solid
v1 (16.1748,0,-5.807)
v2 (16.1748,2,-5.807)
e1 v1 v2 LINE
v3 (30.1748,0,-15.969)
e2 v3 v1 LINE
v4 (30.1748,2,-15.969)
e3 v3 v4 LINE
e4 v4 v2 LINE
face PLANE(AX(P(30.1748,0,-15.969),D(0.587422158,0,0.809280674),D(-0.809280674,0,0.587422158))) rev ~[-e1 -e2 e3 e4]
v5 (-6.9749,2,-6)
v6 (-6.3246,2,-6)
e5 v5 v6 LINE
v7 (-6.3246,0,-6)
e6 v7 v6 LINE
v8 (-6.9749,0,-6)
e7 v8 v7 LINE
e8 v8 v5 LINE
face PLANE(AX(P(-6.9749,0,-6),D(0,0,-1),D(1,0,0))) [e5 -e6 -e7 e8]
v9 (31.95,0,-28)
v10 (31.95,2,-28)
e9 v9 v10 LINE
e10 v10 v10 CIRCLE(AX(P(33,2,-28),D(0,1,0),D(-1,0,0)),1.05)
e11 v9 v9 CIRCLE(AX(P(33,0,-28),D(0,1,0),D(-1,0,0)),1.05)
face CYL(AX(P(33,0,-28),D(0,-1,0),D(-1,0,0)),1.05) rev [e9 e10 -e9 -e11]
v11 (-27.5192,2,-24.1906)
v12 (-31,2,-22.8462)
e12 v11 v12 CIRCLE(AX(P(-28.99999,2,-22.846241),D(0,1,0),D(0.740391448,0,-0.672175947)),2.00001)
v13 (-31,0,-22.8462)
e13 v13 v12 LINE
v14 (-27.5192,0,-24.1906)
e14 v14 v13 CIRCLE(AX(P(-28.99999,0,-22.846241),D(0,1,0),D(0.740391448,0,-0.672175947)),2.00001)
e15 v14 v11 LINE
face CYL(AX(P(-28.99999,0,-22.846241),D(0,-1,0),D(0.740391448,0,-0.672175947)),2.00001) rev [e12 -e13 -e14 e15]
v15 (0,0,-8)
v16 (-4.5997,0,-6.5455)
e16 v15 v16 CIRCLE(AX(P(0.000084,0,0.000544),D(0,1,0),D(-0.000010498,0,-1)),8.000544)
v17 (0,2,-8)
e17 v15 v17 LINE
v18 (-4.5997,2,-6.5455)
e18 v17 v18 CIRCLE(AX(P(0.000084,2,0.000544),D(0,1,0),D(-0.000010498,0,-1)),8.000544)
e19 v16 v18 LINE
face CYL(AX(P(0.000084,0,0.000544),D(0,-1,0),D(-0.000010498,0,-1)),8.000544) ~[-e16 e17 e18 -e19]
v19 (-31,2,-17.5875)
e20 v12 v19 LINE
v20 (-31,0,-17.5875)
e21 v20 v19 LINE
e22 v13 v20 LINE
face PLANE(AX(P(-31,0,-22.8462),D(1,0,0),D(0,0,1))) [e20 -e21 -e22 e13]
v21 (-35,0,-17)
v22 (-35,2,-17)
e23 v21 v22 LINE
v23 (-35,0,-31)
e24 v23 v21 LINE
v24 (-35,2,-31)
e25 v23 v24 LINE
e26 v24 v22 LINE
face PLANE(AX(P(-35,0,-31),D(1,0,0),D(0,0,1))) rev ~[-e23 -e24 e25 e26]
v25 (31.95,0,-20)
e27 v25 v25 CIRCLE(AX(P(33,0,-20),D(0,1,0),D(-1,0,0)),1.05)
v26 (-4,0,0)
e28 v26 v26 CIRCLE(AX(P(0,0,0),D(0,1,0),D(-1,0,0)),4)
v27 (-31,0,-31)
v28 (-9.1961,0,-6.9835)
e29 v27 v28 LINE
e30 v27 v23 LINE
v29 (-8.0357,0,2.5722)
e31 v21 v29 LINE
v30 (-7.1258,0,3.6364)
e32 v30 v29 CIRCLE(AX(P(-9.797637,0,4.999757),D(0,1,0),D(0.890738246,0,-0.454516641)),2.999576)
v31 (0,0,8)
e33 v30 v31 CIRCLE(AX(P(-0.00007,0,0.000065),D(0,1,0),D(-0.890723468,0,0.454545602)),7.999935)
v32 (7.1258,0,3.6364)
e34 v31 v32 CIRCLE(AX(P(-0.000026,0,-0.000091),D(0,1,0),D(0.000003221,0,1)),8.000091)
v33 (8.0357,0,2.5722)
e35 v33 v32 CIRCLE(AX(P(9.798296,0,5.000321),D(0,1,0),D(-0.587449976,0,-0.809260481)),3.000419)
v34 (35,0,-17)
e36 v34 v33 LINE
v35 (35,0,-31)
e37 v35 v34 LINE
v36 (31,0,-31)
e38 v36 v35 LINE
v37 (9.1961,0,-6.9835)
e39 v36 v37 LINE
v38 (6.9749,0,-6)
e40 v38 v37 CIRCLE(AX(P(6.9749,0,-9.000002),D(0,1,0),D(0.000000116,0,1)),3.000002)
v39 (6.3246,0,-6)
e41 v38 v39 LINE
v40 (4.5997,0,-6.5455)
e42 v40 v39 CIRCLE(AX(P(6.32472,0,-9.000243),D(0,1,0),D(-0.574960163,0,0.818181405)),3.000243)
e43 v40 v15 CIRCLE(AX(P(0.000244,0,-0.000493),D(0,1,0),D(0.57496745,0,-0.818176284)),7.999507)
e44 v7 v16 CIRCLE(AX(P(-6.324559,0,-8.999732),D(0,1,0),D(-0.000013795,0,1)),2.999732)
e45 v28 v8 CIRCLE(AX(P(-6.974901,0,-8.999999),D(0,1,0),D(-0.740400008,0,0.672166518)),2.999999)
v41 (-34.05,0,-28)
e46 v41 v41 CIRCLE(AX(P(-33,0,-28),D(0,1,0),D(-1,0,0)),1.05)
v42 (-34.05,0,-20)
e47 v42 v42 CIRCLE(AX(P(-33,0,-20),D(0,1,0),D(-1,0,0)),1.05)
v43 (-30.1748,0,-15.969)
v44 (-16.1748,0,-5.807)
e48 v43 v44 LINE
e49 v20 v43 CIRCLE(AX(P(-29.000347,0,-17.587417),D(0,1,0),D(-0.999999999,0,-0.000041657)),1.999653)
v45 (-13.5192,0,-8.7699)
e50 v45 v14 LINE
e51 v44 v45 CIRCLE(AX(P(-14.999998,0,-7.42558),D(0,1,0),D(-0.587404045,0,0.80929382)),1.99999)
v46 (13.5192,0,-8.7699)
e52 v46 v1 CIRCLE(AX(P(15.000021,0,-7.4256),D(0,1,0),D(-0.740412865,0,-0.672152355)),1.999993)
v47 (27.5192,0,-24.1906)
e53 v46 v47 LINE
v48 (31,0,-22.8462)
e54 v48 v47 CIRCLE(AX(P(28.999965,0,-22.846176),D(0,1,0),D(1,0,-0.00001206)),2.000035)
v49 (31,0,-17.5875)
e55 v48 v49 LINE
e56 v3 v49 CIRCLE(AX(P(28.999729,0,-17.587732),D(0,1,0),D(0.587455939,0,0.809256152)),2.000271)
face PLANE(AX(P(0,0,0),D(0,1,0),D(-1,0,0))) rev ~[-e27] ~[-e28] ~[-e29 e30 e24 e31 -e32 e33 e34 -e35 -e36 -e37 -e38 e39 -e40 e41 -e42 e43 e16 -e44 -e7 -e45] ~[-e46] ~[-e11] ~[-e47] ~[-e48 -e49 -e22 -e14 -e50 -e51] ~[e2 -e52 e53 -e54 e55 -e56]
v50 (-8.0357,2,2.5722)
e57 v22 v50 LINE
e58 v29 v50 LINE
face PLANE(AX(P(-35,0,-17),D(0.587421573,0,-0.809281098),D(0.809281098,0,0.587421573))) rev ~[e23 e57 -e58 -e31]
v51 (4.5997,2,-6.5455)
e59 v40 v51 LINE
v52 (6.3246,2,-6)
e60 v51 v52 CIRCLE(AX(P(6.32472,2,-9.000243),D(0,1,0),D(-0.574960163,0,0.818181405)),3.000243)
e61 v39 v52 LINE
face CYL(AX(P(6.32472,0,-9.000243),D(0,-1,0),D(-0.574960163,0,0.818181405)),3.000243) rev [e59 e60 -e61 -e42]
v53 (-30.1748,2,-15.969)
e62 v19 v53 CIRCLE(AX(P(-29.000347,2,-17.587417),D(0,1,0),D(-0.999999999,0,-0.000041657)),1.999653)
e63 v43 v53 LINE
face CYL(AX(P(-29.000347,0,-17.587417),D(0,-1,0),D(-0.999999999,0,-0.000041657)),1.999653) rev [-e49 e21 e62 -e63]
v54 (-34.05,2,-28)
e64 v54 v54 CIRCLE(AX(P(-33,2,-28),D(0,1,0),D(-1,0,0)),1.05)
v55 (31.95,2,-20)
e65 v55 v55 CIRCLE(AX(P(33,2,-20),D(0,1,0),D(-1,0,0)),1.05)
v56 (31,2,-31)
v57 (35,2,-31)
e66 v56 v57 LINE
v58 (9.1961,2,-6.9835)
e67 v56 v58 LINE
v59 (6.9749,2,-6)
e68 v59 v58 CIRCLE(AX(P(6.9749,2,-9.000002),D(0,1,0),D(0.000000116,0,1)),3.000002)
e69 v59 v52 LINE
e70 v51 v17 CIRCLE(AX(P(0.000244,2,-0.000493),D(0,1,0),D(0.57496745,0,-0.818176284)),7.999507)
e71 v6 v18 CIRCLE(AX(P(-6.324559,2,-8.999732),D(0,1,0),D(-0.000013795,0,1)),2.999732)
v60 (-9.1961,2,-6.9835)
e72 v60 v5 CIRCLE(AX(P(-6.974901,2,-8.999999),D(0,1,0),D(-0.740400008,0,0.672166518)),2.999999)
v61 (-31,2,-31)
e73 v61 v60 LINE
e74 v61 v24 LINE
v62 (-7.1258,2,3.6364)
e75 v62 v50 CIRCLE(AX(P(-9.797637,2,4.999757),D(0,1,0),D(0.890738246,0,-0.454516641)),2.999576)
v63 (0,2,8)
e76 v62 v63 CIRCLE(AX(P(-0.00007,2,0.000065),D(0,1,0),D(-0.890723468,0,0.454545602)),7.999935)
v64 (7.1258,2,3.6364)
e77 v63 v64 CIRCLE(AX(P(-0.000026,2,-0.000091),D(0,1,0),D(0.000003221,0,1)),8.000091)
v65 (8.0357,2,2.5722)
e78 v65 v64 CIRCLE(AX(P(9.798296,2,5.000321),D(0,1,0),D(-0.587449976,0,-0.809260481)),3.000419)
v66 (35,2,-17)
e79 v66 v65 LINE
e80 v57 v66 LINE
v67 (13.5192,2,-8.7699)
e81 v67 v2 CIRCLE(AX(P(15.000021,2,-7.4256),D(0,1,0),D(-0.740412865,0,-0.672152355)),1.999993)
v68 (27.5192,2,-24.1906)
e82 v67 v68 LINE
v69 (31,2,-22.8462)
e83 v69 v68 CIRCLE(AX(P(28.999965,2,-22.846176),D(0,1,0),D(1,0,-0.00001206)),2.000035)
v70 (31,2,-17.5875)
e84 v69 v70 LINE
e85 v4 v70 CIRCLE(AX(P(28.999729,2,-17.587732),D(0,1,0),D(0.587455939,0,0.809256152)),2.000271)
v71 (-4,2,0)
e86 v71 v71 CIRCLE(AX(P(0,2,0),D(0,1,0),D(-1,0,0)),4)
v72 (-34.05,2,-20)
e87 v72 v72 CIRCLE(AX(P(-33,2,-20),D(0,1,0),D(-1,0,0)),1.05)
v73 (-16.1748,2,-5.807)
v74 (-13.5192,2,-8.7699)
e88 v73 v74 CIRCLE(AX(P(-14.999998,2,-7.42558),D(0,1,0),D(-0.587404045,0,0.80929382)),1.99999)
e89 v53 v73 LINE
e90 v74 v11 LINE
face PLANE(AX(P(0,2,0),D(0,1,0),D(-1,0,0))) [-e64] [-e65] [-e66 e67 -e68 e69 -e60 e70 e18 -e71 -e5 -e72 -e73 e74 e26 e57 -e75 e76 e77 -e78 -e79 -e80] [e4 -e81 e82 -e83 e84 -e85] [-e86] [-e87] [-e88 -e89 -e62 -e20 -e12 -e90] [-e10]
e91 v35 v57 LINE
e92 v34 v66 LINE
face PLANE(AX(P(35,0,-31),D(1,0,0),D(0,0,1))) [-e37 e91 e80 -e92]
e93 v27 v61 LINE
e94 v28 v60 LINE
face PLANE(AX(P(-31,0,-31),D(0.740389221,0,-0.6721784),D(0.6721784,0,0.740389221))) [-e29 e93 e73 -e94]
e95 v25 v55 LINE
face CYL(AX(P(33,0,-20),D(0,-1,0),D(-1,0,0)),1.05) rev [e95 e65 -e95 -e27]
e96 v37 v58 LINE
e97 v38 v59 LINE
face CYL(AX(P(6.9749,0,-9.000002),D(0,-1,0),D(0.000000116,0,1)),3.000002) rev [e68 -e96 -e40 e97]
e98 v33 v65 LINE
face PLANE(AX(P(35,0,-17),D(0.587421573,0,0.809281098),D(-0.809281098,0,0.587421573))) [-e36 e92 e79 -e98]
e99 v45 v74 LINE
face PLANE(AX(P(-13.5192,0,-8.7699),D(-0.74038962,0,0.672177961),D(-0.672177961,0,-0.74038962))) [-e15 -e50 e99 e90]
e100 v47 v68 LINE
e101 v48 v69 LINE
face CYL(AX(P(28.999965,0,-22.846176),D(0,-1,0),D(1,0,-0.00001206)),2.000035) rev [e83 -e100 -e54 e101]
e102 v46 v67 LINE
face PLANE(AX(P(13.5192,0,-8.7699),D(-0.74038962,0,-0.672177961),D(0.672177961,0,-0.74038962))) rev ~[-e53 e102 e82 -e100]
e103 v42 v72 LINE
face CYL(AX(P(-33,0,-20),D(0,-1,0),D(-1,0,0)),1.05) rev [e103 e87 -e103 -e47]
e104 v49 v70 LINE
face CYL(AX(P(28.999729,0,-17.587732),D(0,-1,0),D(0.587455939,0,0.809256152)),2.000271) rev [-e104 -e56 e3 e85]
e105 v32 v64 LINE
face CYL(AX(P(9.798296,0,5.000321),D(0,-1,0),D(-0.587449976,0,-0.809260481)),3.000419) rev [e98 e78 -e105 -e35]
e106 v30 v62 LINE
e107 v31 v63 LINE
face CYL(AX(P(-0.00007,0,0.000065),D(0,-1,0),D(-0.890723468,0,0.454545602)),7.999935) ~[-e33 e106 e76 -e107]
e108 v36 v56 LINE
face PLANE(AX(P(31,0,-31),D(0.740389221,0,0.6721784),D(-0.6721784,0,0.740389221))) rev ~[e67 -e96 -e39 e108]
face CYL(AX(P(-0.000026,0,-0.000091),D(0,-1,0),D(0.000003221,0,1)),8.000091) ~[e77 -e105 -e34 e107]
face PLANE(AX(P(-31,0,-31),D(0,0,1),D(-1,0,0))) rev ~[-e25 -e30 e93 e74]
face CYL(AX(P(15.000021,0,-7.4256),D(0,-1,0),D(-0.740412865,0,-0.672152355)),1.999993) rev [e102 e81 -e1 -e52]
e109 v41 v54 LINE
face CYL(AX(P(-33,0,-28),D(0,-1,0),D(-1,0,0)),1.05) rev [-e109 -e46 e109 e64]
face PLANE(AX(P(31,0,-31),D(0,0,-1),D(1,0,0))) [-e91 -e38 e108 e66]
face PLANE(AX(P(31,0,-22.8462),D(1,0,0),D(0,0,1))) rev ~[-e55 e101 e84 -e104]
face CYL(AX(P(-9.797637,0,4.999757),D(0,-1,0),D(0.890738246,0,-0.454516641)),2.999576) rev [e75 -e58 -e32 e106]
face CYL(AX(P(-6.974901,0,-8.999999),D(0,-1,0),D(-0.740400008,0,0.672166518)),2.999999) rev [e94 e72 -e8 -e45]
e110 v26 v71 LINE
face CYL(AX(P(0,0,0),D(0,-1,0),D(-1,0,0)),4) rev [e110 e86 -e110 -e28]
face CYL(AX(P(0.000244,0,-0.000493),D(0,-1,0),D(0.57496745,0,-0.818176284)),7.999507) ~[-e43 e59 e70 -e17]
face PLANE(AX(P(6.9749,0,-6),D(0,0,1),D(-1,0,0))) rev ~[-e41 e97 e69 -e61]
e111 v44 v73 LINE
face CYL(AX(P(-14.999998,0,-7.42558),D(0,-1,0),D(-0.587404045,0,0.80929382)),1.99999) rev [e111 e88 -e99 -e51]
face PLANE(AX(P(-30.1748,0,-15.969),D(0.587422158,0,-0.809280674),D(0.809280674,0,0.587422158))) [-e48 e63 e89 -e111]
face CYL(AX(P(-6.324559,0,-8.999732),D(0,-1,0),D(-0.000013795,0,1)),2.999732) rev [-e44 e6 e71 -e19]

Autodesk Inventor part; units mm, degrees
ref_plane "YZ Plane" through (0, 0, 0) normal (1, 0, 0) x (0, 1, 0)
ref_plane "XZ Plane" through (0, 0, 0) normal (0, 1, 0) x (-1, 0, 0)
ref_plane "XY Plane" through (0, 0, 0) normal (0, 0, 1) x (1, 0, 0)
sketch "スケッチ1" plane through (0, 0, 0) normal (0, 1, 0) x (-1, 0, 0)
  arc A0 (0, -8) -> (4.5997, -6.5455) centre (0, 0) ccw
  line L0 (33, -28) -> (33, -20) construction
  line L1 (0, 0) -> (0, -13.0211) construction
  circle A1 centre (33, -28) radius 1.05
  circle A2 centre (33, -20) radius 1.05
  line L2 (31, -31) -> (9.1961, -6.9835)
  line L3 (31, -31) -> (35, -31)
  line L4 (35, -31) -> (35, -17)
  line L5 (35, -17) -> (8.0357, 2.5722)
  line L6 (31, -22.8462) -> (31, -17.5875)
  line L7 (30.1748, -15.969) -> (16.1748, -5.807)
  line L8 (13.5192, -8.7699) -> (27.5192, -24.1906)
  arc A3 (27.5192, -24.1906) -> (31, -22.8462) centre (29, -22.8462) ccw
  arc A4 (31, -17.5875) -> (30.1748, -15.969) centre (29, -17.5875) ccw
  arc A5 (16.1748, -5.807) -> (13.5192, -8.7699) centre (15, -7.4256) ccw
  line L9 (6.9749, -6) -> (6.3246, -6)
  arc A6 (7.1258, 3.6364) -> (0, 8) centre (0, 0) ccw
  line L10 (0, 8) -> (0, 0) construction
  arc A7 (6.3246, -6) -> (4.5997, -6.5455) centre (6.3246, -9) ccw
  arc A8 (7.1258, 3.6364) -> (8.0357, 2.5722) centre (9.798, 5) ccw
  arc A9 (9.1961, -6.9835) -> (6.9749, -6) centre (6.9749, -9) ccw
  arc A10 (-4.5997, -6.5455) -> (0, -8) centre (0, 0) ccw
  line L11 (-33, -28) -> (-33, -20) construction
  circle A11 centre (-33, -28) radius 1.05
  circle A12 centre (-33, -20) radius 1.05
  line L12 (-31, -31) -> (-9.1961, -6.9835)
  line L13 (-31, -31) -> (-35, -31)
  line L14 (-35, -31) -> (-35, -17)
  line L15 (-35, -17) -> (-8.0357, 2.5722)
  line L16 (-31, -22.8462) -> (-31, -17.5875)
  line L17 (-30.1748, -15.969) -> (-16.1748, -5.807)
  line L18 (-13.5192, -8.7699) -> (-27.5192, -24.1906)
  arc A13 (-31, -22.8462) -> (-27.5192, -24.1906) centre (-29, -22.8462) ccw
  arc A14 (-30.1748, -15.969) -> (-31, -17.5875) centre (-29, -17.5875) ccw
  arc A15 (-13.5192, -8.7699) -> (-16.1748, -5.807) centre (-15, -7.4256) ccw
  line L19 (-6.9749, -6) -> (-6.3246, -6)
  arc A16 (0, 8) -> (-7.1258, 3.6364) centre (0, 0) ccw
  arc A17 (-4.5997, -6.5455) -> (-6.3246, -6) centre (-6.3246, -9) ccw
  arc A18 (-8.0357, 2.5722) -> (-7.1258, 3.6364) centre (-9.798, 5) ccw
  arc A19 (-6.9749, -6) -> (-9.1961, -6.9835) centre (-6.9749, -9) ccw
  circle A20 centre (0, 0) radius 4
  point P0 (5.2915, -6)
  point P1 (-5.2915, -6)
  dimension "d0" = 2.1
  dimension "d1" = 8
  dimension "d2" = 4
  dimension "d3" = 3
  dimension "d4" = 3
  dimension "d5" = 70
  dimension "d6" = 2
  dimension "d7" = 2
  dimension "d8" = 2
  dimension "d10" = 8
  dimension "d11" = 3
  dimension "d12" = 20
  dimension "d13" = 6
  dimension "d14" = 5
  dimension "d15" = 15
  dimension "d16" = 8
extrude "押し出し1" add sketch "スケッチ1" along normal blind 2
properties part number "shoulder"
